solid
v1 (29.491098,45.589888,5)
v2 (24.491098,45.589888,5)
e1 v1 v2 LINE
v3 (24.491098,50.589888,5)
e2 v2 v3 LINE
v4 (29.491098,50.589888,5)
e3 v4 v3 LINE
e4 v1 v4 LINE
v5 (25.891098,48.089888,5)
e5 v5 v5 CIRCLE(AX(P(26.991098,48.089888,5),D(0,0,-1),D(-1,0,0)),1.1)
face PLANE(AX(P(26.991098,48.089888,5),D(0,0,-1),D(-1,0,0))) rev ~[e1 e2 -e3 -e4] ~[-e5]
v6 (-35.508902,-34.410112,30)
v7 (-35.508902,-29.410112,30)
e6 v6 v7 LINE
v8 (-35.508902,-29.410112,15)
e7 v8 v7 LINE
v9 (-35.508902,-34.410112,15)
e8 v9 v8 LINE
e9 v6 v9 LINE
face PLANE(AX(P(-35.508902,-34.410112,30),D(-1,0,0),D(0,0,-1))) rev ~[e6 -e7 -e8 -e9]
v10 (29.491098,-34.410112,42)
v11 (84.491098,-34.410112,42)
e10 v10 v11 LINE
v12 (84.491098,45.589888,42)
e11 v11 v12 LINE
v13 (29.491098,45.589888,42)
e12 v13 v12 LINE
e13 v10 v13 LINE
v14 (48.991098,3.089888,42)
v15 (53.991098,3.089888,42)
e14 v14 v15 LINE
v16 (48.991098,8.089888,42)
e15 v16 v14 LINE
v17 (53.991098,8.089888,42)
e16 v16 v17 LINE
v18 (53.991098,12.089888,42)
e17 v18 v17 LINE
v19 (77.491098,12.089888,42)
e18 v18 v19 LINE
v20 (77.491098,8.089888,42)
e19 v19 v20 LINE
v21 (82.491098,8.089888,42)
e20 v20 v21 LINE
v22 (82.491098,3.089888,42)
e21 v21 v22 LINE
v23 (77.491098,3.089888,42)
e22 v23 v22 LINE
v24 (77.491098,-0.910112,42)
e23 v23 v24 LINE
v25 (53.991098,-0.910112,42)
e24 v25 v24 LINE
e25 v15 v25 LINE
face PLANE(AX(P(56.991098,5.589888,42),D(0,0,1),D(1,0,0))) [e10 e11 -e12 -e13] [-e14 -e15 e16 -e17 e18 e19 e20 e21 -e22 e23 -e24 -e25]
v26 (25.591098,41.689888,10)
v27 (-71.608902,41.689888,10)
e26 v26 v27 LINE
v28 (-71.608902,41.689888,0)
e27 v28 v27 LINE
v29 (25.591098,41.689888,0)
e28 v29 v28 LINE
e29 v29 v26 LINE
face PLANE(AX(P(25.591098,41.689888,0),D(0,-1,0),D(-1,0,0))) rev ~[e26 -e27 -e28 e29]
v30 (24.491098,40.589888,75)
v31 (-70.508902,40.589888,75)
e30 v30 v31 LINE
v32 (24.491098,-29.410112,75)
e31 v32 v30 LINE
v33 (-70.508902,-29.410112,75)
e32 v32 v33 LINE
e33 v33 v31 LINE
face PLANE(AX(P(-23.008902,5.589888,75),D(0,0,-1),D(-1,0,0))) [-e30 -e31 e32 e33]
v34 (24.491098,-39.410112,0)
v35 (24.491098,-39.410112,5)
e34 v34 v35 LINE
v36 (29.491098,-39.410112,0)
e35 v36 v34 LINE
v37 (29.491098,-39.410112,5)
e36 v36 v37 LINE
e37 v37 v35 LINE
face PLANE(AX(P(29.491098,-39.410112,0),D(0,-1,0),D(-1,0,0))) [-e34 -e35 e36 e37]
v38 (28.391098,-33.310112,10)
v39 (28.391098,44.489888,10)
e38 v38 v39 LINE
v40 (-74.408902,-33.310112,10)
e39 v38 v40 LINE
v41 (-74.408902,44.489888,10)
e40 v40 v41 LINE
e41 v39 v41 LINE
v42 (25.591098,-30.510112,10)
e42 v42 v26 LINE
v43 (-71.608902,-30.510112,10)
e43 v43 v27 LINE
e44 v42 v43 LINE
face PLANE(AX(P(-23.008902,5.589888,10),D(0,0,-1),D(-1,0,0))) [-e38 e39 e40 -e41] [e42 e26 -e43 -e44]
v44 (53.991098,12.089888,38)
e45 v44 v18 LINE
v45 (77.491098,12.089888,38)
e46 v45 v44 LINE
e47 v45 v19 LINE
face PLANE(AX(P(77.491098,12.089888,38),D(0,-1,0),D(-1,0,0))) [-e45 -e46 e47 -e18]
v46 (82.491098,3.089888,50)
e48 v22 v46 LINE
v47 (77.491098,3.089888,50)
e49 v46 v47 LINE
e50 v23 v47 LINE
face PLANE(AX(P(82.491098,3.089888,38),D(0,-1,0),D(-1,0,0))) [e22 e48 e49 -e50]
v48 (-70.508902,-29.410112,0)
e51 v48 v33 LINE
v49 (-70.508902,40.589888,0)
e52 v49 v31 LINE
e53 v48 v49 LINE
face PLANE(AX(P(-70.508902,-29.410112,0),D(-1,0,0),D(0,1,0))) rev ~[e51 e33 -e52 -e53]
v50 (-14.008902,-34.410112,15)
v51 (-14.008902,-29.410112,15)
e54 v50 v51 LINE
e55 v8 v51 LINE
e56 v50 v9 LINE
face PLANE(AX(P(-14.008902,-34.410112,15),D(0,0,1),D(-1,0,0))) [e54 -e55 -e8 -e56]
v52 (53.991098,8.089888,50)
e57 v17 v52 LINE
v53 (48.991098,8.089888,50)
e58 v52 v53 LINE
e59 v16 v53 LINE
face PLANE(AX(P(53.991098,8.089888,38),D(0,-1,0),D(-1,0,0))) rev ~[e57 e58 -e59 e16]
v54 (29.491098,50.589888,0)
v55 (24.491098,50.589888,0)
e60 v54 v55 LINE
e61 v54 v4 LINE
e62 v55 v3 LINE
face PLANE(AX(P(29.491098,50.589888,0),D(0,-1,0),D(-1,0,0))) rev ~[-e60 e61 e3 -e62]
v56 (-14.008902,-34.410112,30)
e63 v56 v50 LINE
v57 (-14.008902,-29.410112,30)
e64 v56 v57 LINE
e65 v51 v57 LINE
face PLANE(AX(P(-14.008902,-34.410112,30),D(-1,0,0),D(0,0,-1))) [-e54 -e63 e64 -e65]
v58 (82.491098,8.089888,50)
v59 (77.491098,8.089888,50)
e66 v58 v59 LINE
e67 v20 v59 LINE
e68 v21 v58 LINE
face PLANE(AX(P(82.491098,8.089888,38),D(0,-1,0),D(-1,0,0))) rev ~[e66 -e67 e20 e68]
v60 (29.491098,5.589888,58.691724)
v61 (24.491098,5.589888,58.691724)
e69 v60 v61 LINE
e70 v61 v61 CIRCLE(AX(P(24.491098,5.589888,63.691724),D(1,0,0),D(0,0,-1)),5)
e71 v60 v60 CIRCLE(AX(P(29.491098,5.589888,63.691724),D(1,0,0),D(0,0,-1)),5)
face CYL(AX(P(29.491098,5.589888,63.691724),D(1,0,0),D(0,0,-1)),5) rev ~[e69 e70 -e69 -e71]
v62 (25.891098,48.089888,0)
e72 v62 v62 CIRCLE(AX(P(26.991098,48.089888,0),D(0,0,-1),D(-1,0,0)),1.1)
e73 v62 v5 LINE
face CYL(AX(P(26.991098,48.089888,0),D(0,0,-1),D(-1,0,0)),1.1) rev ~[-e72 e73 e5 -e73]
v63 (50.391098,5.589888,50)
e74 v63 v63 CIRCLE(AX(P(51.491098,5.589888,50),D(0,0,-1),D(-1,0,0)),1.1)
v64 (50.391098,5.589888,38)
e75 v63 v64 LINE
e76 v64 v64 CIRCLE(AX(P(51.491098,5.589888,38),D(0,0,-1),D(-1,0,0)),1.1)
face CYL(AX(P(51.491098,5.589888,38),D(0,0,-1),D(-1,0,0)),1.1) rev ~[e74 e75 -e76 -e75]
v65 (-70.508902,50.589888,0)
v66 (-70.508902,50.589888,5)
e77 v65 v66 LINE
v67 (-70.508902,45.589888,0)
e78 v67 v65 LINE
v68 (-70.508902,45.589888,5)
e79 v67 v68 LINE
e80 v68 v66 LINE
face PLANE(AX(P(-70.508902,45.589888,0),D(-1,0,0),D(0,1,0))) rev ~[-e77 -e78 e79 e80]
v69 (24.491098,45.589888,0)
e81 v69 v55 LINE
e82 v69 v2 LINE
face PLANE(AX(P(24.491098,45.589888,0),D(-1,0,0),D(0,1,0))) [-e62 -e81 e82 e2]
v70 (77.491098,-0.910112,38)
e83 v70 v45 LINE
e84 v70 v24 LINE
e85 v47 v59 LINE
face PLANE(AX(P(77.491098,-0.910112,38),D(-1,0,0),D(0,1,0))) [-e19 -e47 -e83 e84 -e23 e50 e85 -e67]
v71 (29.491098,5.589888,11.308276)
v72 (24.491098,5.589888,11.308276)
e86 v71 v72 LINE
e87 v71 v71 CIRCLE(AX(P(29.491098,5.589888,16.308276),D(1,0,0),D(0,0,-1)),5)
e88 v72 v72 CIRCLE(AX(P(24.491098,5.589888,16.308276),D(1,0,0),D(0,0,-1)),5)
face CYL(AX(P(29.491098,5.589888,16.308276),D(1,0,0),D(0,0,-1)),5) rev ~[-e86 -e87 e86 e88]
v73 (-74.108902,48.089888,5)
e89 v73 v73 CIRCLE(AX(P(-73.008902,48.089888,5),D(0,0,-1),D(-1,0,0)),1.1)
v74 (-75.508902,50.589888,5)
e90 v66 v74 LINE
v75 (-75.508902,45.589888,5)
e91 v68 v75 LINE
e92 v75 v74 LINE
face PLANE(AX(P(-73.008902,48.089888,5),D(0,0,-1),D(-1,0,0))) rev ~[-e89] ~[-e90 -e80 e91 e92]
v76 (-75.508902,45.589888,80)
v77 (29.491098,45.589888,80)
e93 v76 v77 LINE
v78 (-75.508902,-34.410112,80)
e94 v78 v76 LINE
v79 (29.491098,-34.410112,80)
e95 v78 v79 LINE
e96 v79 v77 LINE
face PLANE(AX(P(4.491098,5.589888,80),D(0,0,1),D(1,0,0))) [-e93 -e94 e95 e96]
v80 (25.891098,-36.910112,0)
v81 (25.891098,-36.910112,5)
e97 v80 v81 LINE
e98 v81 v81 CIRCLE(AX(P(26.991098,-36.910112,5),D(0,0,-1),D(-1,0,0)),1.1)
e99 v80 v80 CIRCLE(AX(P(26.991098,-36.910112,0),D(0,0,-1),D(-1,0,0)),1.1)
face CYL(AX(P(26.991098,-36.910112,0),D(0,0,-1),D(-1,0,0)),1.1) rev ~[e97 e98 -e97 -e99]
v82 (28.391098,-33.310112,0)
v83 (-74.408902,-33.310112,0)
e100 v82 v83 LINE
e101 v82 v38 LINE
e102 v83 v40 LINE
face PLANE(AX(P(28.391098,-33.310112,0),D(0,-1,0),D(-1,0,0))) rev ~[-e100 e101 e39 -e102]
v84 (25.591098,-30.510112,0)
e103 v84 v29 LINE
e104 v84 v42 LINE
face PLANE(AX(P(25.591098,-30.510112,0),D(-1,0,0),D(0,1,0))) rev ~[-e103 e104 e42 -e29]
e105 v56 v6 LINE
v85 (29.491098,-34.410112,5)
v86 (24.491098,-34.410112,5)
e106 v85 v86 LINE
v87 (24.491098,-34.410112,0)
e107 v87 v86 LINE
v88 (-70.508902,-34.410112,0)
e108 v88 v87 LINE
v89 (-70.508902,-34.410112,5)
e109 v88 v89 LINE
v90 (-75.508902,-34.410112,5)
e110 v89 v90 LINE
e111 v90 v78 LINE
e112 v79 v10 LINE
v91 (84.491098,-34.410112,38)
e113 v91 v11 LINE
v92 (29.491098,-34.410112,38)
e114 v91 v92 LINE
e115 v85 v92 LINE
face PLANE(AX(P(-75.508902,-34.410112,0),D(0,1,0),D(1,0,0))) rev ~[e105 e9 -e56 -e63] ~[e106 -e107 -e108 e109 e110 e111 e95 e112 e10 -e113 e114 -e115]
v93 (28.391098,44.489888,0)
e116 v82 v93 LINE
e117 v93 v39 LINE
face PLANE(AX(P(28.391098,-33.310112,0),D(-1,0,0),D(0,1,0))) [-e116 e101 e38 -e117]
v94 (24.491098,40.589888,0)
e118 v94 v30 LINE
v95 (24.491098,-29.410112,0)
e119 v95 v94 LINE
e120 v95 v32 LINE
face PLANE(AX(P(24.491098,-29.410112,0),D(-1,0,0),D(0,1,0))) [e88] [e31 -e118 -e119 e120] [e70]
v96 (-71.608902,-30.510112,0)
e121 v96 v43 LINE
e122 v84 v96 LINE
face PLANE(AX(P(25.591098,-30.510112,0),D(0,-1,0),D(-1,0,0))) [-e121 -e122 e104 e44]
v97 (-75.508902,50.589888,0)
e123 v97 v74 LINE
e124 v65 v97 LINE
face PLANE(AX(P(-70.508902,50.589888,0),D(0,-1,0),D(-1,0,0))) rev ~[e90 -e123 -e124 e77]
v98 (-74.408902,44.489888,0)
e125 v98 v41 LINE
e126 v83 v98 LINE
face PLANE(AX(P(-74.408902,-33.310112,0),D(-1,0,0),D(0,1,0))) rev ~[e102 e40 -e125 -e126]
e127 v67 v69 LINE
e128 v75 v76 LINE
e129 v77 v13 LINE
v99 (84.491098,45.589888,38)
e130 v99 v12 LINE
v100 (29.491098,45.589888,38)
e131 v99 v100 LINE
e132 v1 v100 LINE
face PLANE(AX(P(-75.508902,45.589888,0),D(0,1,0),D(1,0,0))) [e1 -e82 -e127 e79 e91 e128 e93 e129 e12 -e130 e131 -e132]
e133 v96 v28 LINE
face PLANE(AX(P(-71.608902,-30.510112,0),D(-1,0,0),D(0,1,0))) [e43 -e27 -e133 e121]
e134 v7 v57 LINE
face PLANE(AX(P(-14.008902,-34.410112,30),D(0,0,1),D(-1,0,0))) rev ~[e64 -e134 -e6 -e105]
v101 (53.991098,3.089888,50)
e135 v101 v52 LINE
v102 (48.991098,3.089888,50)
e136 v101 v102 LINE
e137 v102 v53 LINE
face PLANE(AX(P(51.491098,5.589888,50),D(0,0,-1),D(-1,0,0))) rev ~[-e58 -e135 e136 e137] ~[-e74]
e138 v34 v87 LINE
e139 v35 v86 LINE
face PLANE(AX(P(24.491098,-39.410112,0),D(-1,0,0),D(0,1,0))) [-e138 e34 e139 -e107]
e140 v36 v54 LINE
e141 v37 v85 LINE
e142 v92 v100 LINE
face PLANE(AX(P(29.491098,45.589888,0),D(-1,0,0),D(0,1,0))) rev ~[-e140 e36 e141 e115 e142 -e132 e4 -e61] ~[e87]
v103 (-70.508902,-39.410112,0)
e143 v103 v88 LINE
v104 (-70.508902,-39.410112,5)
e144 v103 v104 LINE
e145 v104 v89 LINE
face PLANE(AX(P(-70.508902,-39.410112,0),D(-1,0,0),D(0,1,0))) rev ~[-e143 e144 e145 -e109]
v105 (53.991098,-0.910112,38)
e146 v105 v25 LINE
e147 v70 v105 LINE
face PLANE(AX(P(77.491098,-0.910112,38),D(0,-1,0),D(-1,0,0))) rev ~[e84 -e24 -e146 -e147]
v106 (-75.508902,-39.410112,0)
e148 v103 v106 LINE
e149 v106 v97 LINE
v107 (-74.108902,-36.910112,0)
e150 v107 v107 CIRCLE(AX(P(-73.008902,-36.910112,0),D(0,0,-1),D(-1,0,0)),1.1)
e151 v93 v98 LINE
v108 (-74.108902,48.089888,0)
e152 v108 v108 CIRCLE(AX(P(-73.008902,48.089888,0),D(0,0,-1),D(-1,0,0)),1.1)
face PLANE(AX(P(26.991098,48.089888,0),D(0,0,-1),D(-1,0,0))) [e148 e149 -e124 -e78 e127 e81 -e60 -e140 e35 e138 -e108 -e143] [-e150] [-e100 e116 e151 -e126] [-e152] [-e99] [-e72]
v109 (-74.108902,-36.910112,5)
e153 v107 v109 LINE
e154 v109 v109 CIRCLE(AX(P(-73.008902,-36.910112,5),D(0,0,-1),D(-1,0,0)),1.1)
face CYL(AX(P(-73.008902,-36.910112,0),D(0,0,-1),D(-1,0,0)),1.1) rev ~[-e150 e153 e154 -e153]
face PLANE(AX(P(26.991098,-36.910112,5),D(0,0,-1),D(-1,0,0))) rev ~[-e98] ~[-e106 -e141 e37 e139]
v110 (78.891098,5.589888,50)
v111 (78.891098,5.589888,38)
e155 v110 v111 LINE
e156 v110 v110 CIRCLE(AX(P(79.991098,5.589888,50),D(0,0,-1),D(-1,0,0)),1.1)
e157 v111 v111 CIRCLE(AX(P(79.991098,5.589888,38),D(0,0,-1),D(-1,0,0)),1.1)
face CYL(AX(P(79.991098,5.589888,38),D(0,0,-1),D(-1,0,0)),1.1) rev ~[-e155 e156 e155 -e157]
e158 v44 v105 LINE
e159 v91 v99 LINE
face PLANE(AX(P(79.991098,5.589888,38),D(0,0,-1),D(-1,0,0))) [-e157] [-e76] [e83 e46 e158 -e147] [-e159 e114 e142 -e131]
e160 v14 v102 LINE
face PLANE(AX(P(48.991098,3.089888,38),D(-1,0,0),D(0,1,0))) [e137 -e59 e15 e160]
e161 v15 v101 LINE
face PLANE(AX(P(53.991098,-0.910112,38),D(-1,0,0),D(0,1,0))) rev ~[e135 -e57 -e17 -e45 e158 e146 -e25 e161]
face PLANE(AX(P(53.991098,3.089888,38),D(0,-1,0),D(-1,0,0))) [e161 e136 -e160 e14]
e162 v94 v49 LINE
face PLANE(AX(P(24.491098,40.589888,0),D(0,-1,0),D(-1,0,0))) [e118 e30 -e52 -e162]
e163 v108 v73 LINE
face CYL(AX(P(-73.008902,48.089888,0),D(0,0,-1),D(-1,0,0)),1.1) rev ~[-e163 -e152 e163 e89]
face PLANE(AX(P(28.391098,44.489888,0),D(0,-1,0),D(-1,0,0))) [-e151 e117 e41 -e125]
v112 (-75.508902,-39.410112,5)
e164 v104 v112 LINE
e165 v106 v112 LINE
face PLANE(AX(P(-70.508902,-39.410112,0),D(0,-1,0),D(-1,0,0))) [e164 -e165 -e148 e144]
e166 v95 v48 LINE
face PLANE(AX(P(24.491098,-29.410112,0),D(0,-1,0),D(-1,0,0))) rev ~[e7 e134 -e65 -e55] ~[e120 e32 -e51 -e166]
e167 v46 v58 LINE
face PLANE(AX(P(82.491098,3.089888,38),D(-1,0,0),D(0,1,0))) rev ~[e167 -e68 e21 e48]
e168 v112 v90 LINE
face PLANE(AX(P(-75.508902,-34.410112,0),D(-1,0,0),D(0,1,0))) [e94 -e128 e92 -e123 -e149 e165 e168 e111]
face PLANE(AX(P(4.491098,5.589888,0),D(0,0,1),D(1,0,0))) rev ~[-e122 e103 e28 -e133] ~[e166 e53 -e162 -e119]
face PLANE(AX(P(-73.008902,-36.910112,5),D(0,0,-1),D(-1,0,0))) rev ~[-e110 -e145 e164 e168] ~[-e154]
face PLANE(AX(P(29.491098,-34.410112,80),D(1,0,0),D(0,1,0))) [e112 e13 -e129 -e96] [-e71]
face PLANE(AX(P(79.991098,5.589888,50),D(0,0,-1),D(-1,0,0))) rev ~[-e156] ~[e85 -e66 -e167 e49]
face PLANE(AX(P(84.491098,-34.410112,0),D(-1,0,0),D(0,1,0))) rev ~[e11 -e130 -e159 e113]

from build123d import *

# Parameters (mm, degrees)
SKETCH_1_W                = 160
SKETCH_1_H                = 80
EXTRUDE_1_DEPTH           = 80
SKETCH_10_W               = 21.5
SKETCH_10_H               = 15
CUT_EXTRUDE_6_DEPTH       = 10
SKETCH_11_W               = 55
SKETCH_11_H               = 80
CUT_EXTRUDE_7_DEPTH       = 38
SKETCH_12_W               = 55
SKETCH_12_H               = 80
CUT_EXTRUDE_8_DEPTH       = 38
SKETCH_14_W               = 95
SKETCH_14_H               = 70
CUT_EXTRUDE_9_DEPTH       = 75
SKETCH_15_W               = 102.8
SKETCH_15_H               = 77.8
SKETCH_15_W_2             = 97.2
SKETCH_15_H_2             = 72.2
CUT_EXTRUDE_10_DEPTH      = 10
SKETCH_16_W               = 5
SKETCH_16_H               = 5
SKETCH_16_R               = 1.1
EXTRUDE_2_DEPTH           = 5
SKETCH_17_R               = 5
CUT_EXTRUDE_12_DEPTH      = 9.2
SKETCH_18_W               = 23.5
SKETCH_18_H               = 13
CUT_EXTRUDE_13_DEPTH      = 9.2
SKETCH_19_W               = 5
SKETCH_19_H               = 5
SKETCH_19_R               = 1.1
EXTRUDE_3_DEPTH           = 12
SKETCH_20_R               = 1.1
CUT_EXTRUDE_14_DEPTH      = 5
CUT_EXTRUDE_14_DEPTH_BACK = 5


with BuildPart() as part:
    # 草圖1 → 填料-伸長1 (new body)
    with BuildSketch(Plane.XY):
        with Locations((4.491097826, 5.58988764)):
            Rectangle(SKETCH_1_W, SKETCH_1_H)
    extrude(amount=EXTRUDE_1_DEPTH)

    # 草圖10 → 除料-伸長6 (cut)
    with BuildSketch(Plane(origin=(0, -34.41011236, 0), x_dir=(-1, 0, 0), z_dir=(0, -1, 0))):
        with Locations((24.758902174, -22.5)):
            Rectangle(SKETCH_10_W, SKETCH_10_H)
    extrude(amount=-CUT_EXTRUDE_6_DEPTH, mode=Mode.SUBTRACT)

    # 草圖11 → 除料-伸長7 (cut)
    with BuildSketch(Plane(origin=(0, 0, 0), x_dir=(-1, 0, 0), z_dir=(0, 0, -1))):
        with Locations((-56.991097826, 5.58988764)):
            Rectangle(SKETCH_11_W, SKETCH_11_H)
    extrude(amount=-CUT_EXTRUDE_7_DEPTH, mode=Mode.SUBTRACT)

    # 草圖12 → 除料-伸長8 (cut)
    with BuildSketch(Plane.XY.offset(80)):
        with Locations((56.991097826, 5.58988764)):
            Rectangle(SKETCH_12_W, SKETCH_12_H)
    extrude(amount=-CUT_EXTRUDE_8_DEPTH, mode=Mode.SUBTRACT)

    # 草圖14 → 除料-伸長9 (cut)
    with BuildSketch(Plane(origin=(0, 0, 0), x_dir=(-1, 0, 0), z_dir=(0, 0, -1))):
        with Locations((23.008902174, 5.58988764)):
            Rectangle(SKETCH_14_W, SKETCH_14_H)
    extrude(amount=-CUT_EXTRUDE_9_DEPTH, mode=Mode.SUBTRACT)

    # 草圖15 → 除料-伸長10 (cut)
    with BuildSketch(Plane(origin=(0, 0, 0), x_dir=(-1, 0, 0), z_dir=(0, 0, -1))):
        with Locations((23.008902174, 5.58988764)):
            Rectangle(SKETCH_15_W, SKETCH_15_H)
        with Locations((23.008902174, 5.58988764)):
            Rectangle(SKETCH_15_W_2, SKETCH_15_H_2, mode=Mode.SUBTRACT)
    extrude(amount=-CUT_EXTRUDE_10_DEPTH, mode=Mode.SUBTRACT)

    # 草圖16 → 填料-伸長2 (add)
    with BuildSketch(Plane(origin=(0, 0, 0), x_dir=(-1, 0, 0), z_dir=(0, 0, -1))):
        with Locations((-26.991097826, 48.08988764)):
            Rectangle(SKETCH_16_W, SKETCH_16_H)
        with Locations((-26.991097826, 48.08988764)):
            Circle(SKETCH_16_R, mode=Mode.SUBTRACT)
        with Locations((73.008902174, 48.08988764)):
            Rectangle(SKETCH_16_W, SKETCH_16_H)
        with Locations((73.008902174, 48.08988764)):
            Circle(SKETCH_16_R, mode=Mode.SUBTRACT)
        with Locations((73.008902174, -36.91011236)):
            Rectangle(SKETCH_16_W, SKETCH_16_H)
        with Locations((73.008902174, -36.91011236)):
            Circle(SKETCH_16_R, mode=Mode.SUBTRACT)
        with Locations((-26.991097826, -36.91011236)):
            Rectangle(SKETCH_16_W, SKETCH_16_H)
        with Locations((-26.991097826, -36.91011236)):
            Circle(SKETCH_16_R, mode=Mode.SUBTRACT)
    extrude(amount=-EXTRUDE_2_DEPTH)

    # 草圖17 → 除料-伸長12 (cut)
    with BuildSketch(Plane(origin=(29.491097826, 0, 0), x_dir=(0, 0, -1), z_dir=(1, 0, 0))):
        with Locations((-63.691723703, 5.58988764)):
            Circle(SKETCH_17_R)
        with Locations((-16.308276297, 5.58988764)):
            Circle(SKETCH_17_R)
    extrude(amount=-CUT_EXTRUDE_12_DEPTH, mode=Mode.SUBTRACT)

    # 草圖18 → 除料-伸長13 (cut)
    with BuildSketch(Plane(origin=(0, 0, 38), x_dir=(-1, 0, 0), z_dir=(0, 0, -1))):
        with Locations((-65.741097826, 5.58988764)):
            Rectangle(SKETCH_18_W, SKETCH_18_H)
    extrude(amount=-CUT_EXTRUDE_13_DEPTH, mode=Mode.SUBTRACT)

    # 草圖19 → 填料-伸長3 (add)
    with BuildSketch(Plane(origin=(0, 0, 38), x_dir=(-1, 0, 0), z_dir=(0, 0, -1))):
        with Locations((-79.991097826, 5.58988764)):
            Rectangle(SKETCH_19_W, SKETCH_19_H)
        with Locations((-79.991097826, 5.58988764)):
            Circle(SKETCH_19_R, mode=Mode.SUBTRACT)
        with Locations((-51.491097826, 5.58988764)):
            Rectangle(SKETCH_19_W, SKETCH_19_H)
        with Locations((-51.491097826, 5.58988764)):
            Circle(SKETCH_19_R, mode=Mode.SUBTRACT)
    extrude(amount=-EXTRUDE_3_DEPTH)

    # 草圖20 → 除料-伸長14 (cut, two sides)
    with BuildSketch(Plane(origin=(0, 0, 38), x_dir=(-1, 0, 0), z_dir=(0, 0, -1))) as cut_extrude_14_sk:
        with Locations((-79.991097826, 5.58988764)):
            Circle(SKETCH_20_R)
        with Locations((-51.491097826, 5.58988764)):
            Circle(SKETCH_20_R)
    extrude(amount=CUT_EXTRUDE_14_DEPTH, mode=Mode.SUBTRACT)
    extrude(cut_extrude_14_sk.sketch, amount=-CUT_EXTRUDE_14_DEPTH_BACK, mode=Mode.SUBTRACT)


solid = part.part
